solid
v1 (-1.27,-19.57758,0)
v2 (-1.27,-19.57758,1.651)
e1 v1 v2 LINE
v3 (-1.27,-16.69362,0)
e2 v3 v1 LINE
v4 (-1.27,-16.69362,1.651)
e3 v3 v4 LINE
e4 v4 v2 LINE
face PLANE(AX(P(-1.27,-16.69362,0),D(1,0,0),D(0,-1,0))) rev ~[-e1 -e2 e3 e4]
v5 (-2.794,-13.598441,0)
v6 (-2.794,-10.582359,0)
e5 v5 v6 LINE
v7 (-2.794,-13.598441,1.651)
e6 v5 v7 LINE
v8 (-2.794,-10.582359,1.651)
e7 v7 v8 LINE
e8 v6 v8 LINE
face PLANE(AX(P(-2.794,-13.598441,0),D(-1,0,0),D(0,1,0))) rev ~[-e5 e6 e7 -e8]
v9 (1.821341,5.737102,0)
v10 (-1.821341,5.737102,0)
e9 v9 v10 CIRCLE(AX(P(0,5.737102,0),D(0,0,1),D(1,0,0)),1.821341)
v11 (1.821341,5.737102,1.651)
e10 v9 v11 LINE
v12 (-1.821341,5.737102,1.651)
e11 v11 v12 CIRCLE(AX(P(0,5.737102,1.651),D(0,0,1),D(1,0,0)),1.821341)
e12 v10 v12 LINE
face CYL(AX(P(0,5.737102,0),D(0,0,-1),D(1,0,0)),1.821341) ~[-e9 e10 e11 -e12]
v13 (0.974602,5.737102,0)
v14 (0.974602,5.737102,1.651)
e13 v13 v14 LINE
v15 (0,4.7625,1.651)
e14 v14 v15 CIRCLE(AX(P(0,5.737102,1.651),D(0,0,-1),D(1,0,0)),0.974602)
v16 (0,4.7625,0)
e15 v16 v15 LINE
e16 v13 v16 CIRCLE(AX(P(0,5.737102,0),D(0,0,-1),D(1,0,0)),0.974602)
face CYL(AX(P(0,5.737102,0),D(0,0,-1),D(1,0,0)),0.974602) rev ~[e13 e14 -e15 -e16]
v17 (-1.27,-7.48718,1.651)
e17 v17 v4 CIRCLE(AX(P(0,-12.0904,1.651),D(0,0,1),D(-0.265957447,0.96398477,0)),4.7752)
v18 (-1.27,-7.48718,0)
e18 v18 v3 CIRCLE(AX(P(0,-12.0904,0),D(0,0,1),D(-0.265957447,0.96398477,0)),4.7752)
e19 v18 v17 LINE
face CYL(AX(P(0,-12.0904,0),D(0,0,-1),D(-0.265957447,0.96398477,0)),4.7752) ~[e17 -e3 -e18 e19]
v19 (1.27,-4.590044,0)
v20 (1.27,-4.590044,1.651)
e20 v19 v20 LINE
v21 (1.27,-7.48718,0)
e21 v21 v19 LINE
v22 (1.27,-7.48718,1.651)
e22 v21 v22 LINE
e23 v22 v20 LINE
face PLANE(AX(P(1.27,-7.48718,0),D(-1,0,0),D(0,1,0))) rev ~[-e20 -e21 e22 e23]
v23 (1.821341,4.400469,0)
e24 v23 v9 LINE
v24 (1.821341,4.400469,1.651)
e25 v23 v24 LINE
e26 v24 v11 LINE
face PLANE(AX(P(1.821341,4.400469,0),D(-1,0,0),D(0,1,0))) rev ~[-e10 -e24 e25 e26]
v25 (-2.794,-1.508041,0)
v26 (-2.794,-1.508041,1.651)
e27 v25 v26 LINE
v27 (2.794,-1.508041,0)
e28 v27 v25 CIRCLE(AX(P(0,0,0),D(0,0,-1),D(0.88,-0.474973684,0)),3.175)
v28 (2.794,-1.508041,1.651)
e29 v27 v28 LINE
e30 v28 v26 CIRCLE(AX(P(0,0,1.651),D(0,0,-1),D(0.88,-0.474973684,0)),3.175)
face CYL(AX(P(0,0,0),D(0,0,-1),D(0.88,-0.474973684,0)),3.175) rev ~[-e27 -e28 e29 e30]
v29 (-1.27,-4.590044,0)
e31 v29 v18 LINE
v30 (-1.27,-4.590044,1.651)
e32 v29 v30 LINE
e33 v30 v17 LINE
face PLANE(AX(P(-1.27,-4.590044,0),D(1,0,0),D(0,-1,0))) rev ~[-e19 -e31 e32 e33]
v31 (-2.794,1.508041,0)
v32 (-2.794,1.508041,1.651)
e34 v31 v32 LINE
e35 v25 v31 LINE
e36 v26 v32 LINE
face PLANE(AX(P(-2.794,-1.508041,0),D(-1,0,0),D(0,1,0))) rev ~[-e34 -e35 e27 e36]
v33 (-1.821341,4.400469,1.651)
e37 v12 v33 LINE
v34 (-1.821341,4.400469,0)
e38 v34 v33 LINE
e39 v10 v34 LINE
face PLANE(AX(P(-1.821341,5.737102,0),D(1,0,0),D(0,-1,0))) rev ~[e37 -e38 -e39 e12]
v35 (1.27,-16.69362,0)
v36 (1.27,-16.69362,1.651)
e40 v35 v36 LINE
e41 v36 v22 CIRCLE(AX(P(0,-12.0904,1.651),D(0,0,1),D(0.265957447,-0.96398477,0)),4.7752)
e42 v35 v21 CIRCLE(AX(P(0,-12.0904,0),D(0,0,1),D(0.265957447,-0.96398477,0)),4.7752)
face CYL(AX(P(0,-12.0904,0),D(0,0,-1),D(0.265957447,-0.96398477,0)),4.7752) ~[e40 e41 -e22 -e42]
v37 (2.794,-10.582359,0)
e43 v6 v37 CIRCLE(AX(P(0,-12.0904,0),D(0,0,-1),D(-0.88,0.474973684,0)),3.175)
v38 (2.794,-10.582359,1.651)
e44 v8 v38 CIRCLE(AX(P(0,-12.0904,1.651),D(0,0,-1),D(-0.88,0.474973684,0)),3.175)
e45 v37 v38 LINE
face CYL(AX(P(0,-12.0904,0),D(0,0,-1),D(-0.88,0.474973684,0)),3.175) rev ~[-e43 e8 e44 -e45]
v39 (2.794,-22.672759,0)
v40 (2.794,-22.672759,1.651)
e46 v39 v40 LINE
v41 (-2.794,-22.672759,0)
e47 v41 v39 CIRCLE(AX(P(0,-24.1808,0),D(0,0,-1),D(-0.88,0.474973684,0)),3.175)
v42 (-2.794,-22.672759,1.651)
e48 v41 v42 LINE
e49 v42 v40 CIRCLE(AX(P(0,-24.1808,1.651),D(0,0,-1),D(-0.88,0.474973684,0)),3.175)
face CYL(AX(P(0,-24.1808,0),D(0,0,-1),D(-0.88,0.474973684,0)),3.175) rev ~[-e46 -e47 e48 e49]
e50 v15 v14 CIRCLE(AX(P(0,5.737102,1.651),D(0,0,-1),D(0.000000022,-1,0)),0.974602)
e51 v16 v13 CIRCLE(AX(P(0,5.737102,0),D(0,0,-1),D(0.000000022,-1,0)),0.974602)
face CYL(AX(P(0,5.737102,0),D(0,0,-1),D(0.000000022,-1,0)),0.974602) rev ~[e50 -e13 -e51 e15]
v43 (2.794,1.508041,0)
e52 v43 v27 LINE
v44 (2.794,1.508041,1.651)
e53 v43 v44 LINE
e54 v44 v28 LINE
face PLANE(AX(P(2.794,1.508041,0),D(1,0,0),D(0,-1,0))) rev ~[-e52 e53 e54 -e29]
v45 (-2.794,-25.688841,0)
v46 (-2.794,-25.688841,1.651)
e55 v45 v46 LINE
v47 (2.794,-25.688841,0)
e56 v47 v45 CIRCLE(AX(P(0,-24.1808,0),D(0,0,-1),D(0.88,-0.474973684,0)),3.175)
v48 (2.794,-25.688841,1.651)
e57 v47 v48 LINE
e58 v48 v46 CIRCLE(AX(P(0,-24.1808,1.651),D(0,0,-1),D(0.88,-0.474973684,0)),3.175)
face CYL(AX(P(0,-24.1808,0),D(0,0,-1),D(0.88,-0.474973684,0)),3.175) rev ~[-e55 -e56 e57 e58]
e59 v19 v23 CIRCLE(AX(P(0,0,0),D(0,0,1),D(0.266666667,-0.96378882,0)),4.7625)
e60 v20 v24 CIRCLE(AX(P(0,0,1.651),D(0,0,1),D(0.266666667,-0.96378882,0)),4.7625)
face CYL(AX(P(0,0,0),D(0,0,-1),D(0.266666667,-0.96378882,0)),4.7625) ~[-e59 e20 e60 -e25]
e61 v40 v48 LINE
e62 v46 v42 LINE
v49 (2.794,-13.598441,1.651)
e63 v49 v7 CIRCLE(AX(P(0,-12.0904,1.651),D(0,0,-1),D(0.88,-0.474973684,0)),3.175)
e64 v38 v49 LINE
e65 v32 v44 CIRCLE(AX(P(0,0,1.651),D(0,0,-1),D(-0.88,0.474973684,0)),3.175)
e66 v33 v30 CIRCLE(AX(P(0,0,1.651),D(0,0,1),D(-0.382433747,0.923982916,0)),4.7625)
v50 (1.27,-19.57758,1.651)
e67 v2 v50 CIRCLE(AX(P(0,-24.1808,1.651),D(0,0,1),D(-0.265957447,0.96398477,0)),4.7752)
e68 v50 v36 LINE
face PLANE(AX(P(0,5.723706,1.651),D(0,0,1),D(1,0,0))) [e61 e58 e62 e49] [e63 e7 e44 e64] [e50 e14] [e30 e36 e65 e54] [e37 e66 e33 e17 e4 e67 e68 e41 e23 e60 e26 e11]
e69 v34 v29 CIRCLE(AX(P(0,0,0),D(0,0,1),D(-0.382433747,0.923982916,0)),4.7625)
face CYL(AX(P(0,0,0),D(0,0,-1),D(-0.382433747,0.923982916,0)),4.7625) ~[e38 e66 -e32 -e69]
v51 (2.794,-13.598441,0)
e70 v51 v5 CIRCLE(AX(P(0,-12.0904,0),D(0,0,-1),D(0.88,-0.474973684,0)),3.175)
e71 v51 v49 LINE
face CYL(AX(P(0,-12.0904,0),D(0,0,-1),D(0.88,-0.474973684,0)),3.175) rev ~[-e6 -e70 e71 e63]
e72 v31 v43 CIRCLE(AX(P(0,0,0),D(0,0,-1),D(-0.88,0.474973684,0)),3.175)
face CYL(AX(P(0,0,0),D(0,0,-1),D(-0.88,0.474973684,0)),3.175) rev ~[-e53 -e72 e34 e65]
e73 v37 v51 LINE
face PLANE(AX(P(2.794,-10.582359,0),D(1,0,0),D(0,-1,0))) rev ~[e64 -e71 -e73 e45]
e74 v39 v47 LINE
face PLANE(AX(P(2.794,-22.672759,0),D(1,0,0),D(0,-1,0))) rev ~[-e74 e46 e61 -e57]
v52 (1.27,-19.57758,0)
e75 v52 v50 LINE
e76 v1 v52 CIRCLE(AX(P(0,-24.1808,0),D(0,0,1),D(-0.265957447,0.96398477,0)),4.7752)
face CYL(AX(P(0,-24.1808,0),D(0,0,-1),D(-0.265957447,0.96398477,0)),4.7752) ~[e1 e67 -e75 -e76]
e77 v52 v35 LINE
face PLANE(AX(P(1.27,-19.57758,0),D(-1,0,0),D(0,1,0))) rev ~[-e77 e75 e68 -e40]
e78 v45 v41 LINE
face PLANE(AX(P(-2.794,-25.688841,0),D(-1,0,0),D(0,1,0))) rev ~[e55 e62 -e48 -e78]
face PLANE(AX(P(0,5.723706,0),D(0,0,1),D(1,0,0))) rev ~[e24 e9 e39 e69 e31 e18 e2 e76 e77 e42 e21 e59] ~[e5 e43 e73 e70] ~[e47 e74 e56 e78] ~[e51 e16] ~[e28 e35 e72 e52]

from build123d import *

# Parameters (mm, degrees)
F1_DEPTH = 1.651


with BuildPart() as f1:
    # F0 (on Top) → F1 (new body)
    with BuildSketch(Plane.XY):
        with BuildLine():
            ThreePointArc((2.18e-08, 4.7625), (0.9284865122, 4.6711153964), (1.8213407221, 4.4004686369))
            Line((1.8213407221, 4.4004686369), (1.8213407221, 5.7371021248))
            ThreePointArc((1.8213407221, 5.7371021248), (0, 7.5584428469), (-1.8213407221, 5.7371021248))
            Line((-1.8213407221, 5.7371021248), (-1.8213407221, 4.4004686369))
            ThreePointArc((-1.8213407221, 4.4004686369), (-0.9284864908, 4.6711154007), (2.18e-08, 4.7625))
        make_face()
        with BuildLine():
            ThreePointArc((0.9746021248, 5.7371021248), (0.6891477791, 5.0479543611), (2.18e-08, 4.7625))
            ThreePointArc((2.18e-08, 4.7625), (-0.6891477791, 6.4262498886), (0.9746021248, 5.7371021248))
        make_face(mode=Mode.SUBTRACT)
        with BuildLine():
            Line((1.27, -7.4871799271), (1.27, -4.5900442536))
            ThreePointArc((1.27, -4.5900442536), (4.7535699609, -0.2915113661), (1.8213407221, 4.4004686369))
            ThreePointArc((1.8213407221, 4.4004686369), (0.9284865122, 4.6711153964), (2.18e-08, 4.7625))
            ThreePointArc((2.18e-08, 4.7625), (-0.9284864908, 4.6711154007), (-1.8213407221, 4.4004686369))
            ThreePointArc((-1.8213407221, 4.4004686369), (-4.7535699609, -0.2915113661), (-1.27, -4.5900442536))
            Line((-1.27, -4.5900442536), (-1.27, -7.4871799271))
            ThreePointArc((-1.27, -7.4871799271), (-4.7752, -12.0904), (-1.27, -16.6936200729))
            Line((-1.27, -16.6936200729), (-1.27, -19.5775799271))
            ThreePointArc((-1.27, -19.5775799271), (0, -28.956), (1.27, -19.5775799271))
            Line((1.27, -19.5775799271), (1.27, -16.6936200729))
            ThreePointArc((1.27, -16.6936200729), (4.7752, -12.0904), (1.27, -7.4871799271))
        make_face()
        with BuildLine():
            ThreePointArc((-2.794, -22.6727585549), (0, -21.0058), (2.794, -22.6727585549))
            Line((2.794, -22.6727585549), (2.794, -25.6888414451))
            ThreePointArc((2.794, -25.6888414451), (0, -27.3558), (-2.794, -25.6888414451))
            Line((-2.794, -25.6888414451), (-2.794, -22.6727585549))
        make_face(mode=Mode.SUBTRACT)
        with BuildLine():
            ThreePointArc((-2.794, -10.5823585549), (0, -8.9154), (2.794, -10.5823585549))
            Line((2.794, -10.5823585549), (2.794, -13.5984414451))
            ThreePointArc((2.794, -13.5984414451), (0, -15.2654), (-2.794, -13.5984414451))
            Line((-2.794, -13.5984414451), (-2.794, -10.5823585549))
        make_face(mode=Mode.SUBTRACT)
        with BuildLine():
            ThreePointArc((-2.794, 1.5080414451), (0, 3.175), (2.794, 1.5080414451))
            Line((2.794, 1.5080414451), (2.794, -1.5080414451))
            ThreePointArc((2.794, -1.5080414451), (0, -3.175), (-2.794, -1.5080414451))
            Line((-2.794, -1.5080414451), (-2.794, 1.5080414451))
        make_face(mode=Mode.SUBTRACT)
    extrude(amount=F1_DEPTH)


solid = f1.part
